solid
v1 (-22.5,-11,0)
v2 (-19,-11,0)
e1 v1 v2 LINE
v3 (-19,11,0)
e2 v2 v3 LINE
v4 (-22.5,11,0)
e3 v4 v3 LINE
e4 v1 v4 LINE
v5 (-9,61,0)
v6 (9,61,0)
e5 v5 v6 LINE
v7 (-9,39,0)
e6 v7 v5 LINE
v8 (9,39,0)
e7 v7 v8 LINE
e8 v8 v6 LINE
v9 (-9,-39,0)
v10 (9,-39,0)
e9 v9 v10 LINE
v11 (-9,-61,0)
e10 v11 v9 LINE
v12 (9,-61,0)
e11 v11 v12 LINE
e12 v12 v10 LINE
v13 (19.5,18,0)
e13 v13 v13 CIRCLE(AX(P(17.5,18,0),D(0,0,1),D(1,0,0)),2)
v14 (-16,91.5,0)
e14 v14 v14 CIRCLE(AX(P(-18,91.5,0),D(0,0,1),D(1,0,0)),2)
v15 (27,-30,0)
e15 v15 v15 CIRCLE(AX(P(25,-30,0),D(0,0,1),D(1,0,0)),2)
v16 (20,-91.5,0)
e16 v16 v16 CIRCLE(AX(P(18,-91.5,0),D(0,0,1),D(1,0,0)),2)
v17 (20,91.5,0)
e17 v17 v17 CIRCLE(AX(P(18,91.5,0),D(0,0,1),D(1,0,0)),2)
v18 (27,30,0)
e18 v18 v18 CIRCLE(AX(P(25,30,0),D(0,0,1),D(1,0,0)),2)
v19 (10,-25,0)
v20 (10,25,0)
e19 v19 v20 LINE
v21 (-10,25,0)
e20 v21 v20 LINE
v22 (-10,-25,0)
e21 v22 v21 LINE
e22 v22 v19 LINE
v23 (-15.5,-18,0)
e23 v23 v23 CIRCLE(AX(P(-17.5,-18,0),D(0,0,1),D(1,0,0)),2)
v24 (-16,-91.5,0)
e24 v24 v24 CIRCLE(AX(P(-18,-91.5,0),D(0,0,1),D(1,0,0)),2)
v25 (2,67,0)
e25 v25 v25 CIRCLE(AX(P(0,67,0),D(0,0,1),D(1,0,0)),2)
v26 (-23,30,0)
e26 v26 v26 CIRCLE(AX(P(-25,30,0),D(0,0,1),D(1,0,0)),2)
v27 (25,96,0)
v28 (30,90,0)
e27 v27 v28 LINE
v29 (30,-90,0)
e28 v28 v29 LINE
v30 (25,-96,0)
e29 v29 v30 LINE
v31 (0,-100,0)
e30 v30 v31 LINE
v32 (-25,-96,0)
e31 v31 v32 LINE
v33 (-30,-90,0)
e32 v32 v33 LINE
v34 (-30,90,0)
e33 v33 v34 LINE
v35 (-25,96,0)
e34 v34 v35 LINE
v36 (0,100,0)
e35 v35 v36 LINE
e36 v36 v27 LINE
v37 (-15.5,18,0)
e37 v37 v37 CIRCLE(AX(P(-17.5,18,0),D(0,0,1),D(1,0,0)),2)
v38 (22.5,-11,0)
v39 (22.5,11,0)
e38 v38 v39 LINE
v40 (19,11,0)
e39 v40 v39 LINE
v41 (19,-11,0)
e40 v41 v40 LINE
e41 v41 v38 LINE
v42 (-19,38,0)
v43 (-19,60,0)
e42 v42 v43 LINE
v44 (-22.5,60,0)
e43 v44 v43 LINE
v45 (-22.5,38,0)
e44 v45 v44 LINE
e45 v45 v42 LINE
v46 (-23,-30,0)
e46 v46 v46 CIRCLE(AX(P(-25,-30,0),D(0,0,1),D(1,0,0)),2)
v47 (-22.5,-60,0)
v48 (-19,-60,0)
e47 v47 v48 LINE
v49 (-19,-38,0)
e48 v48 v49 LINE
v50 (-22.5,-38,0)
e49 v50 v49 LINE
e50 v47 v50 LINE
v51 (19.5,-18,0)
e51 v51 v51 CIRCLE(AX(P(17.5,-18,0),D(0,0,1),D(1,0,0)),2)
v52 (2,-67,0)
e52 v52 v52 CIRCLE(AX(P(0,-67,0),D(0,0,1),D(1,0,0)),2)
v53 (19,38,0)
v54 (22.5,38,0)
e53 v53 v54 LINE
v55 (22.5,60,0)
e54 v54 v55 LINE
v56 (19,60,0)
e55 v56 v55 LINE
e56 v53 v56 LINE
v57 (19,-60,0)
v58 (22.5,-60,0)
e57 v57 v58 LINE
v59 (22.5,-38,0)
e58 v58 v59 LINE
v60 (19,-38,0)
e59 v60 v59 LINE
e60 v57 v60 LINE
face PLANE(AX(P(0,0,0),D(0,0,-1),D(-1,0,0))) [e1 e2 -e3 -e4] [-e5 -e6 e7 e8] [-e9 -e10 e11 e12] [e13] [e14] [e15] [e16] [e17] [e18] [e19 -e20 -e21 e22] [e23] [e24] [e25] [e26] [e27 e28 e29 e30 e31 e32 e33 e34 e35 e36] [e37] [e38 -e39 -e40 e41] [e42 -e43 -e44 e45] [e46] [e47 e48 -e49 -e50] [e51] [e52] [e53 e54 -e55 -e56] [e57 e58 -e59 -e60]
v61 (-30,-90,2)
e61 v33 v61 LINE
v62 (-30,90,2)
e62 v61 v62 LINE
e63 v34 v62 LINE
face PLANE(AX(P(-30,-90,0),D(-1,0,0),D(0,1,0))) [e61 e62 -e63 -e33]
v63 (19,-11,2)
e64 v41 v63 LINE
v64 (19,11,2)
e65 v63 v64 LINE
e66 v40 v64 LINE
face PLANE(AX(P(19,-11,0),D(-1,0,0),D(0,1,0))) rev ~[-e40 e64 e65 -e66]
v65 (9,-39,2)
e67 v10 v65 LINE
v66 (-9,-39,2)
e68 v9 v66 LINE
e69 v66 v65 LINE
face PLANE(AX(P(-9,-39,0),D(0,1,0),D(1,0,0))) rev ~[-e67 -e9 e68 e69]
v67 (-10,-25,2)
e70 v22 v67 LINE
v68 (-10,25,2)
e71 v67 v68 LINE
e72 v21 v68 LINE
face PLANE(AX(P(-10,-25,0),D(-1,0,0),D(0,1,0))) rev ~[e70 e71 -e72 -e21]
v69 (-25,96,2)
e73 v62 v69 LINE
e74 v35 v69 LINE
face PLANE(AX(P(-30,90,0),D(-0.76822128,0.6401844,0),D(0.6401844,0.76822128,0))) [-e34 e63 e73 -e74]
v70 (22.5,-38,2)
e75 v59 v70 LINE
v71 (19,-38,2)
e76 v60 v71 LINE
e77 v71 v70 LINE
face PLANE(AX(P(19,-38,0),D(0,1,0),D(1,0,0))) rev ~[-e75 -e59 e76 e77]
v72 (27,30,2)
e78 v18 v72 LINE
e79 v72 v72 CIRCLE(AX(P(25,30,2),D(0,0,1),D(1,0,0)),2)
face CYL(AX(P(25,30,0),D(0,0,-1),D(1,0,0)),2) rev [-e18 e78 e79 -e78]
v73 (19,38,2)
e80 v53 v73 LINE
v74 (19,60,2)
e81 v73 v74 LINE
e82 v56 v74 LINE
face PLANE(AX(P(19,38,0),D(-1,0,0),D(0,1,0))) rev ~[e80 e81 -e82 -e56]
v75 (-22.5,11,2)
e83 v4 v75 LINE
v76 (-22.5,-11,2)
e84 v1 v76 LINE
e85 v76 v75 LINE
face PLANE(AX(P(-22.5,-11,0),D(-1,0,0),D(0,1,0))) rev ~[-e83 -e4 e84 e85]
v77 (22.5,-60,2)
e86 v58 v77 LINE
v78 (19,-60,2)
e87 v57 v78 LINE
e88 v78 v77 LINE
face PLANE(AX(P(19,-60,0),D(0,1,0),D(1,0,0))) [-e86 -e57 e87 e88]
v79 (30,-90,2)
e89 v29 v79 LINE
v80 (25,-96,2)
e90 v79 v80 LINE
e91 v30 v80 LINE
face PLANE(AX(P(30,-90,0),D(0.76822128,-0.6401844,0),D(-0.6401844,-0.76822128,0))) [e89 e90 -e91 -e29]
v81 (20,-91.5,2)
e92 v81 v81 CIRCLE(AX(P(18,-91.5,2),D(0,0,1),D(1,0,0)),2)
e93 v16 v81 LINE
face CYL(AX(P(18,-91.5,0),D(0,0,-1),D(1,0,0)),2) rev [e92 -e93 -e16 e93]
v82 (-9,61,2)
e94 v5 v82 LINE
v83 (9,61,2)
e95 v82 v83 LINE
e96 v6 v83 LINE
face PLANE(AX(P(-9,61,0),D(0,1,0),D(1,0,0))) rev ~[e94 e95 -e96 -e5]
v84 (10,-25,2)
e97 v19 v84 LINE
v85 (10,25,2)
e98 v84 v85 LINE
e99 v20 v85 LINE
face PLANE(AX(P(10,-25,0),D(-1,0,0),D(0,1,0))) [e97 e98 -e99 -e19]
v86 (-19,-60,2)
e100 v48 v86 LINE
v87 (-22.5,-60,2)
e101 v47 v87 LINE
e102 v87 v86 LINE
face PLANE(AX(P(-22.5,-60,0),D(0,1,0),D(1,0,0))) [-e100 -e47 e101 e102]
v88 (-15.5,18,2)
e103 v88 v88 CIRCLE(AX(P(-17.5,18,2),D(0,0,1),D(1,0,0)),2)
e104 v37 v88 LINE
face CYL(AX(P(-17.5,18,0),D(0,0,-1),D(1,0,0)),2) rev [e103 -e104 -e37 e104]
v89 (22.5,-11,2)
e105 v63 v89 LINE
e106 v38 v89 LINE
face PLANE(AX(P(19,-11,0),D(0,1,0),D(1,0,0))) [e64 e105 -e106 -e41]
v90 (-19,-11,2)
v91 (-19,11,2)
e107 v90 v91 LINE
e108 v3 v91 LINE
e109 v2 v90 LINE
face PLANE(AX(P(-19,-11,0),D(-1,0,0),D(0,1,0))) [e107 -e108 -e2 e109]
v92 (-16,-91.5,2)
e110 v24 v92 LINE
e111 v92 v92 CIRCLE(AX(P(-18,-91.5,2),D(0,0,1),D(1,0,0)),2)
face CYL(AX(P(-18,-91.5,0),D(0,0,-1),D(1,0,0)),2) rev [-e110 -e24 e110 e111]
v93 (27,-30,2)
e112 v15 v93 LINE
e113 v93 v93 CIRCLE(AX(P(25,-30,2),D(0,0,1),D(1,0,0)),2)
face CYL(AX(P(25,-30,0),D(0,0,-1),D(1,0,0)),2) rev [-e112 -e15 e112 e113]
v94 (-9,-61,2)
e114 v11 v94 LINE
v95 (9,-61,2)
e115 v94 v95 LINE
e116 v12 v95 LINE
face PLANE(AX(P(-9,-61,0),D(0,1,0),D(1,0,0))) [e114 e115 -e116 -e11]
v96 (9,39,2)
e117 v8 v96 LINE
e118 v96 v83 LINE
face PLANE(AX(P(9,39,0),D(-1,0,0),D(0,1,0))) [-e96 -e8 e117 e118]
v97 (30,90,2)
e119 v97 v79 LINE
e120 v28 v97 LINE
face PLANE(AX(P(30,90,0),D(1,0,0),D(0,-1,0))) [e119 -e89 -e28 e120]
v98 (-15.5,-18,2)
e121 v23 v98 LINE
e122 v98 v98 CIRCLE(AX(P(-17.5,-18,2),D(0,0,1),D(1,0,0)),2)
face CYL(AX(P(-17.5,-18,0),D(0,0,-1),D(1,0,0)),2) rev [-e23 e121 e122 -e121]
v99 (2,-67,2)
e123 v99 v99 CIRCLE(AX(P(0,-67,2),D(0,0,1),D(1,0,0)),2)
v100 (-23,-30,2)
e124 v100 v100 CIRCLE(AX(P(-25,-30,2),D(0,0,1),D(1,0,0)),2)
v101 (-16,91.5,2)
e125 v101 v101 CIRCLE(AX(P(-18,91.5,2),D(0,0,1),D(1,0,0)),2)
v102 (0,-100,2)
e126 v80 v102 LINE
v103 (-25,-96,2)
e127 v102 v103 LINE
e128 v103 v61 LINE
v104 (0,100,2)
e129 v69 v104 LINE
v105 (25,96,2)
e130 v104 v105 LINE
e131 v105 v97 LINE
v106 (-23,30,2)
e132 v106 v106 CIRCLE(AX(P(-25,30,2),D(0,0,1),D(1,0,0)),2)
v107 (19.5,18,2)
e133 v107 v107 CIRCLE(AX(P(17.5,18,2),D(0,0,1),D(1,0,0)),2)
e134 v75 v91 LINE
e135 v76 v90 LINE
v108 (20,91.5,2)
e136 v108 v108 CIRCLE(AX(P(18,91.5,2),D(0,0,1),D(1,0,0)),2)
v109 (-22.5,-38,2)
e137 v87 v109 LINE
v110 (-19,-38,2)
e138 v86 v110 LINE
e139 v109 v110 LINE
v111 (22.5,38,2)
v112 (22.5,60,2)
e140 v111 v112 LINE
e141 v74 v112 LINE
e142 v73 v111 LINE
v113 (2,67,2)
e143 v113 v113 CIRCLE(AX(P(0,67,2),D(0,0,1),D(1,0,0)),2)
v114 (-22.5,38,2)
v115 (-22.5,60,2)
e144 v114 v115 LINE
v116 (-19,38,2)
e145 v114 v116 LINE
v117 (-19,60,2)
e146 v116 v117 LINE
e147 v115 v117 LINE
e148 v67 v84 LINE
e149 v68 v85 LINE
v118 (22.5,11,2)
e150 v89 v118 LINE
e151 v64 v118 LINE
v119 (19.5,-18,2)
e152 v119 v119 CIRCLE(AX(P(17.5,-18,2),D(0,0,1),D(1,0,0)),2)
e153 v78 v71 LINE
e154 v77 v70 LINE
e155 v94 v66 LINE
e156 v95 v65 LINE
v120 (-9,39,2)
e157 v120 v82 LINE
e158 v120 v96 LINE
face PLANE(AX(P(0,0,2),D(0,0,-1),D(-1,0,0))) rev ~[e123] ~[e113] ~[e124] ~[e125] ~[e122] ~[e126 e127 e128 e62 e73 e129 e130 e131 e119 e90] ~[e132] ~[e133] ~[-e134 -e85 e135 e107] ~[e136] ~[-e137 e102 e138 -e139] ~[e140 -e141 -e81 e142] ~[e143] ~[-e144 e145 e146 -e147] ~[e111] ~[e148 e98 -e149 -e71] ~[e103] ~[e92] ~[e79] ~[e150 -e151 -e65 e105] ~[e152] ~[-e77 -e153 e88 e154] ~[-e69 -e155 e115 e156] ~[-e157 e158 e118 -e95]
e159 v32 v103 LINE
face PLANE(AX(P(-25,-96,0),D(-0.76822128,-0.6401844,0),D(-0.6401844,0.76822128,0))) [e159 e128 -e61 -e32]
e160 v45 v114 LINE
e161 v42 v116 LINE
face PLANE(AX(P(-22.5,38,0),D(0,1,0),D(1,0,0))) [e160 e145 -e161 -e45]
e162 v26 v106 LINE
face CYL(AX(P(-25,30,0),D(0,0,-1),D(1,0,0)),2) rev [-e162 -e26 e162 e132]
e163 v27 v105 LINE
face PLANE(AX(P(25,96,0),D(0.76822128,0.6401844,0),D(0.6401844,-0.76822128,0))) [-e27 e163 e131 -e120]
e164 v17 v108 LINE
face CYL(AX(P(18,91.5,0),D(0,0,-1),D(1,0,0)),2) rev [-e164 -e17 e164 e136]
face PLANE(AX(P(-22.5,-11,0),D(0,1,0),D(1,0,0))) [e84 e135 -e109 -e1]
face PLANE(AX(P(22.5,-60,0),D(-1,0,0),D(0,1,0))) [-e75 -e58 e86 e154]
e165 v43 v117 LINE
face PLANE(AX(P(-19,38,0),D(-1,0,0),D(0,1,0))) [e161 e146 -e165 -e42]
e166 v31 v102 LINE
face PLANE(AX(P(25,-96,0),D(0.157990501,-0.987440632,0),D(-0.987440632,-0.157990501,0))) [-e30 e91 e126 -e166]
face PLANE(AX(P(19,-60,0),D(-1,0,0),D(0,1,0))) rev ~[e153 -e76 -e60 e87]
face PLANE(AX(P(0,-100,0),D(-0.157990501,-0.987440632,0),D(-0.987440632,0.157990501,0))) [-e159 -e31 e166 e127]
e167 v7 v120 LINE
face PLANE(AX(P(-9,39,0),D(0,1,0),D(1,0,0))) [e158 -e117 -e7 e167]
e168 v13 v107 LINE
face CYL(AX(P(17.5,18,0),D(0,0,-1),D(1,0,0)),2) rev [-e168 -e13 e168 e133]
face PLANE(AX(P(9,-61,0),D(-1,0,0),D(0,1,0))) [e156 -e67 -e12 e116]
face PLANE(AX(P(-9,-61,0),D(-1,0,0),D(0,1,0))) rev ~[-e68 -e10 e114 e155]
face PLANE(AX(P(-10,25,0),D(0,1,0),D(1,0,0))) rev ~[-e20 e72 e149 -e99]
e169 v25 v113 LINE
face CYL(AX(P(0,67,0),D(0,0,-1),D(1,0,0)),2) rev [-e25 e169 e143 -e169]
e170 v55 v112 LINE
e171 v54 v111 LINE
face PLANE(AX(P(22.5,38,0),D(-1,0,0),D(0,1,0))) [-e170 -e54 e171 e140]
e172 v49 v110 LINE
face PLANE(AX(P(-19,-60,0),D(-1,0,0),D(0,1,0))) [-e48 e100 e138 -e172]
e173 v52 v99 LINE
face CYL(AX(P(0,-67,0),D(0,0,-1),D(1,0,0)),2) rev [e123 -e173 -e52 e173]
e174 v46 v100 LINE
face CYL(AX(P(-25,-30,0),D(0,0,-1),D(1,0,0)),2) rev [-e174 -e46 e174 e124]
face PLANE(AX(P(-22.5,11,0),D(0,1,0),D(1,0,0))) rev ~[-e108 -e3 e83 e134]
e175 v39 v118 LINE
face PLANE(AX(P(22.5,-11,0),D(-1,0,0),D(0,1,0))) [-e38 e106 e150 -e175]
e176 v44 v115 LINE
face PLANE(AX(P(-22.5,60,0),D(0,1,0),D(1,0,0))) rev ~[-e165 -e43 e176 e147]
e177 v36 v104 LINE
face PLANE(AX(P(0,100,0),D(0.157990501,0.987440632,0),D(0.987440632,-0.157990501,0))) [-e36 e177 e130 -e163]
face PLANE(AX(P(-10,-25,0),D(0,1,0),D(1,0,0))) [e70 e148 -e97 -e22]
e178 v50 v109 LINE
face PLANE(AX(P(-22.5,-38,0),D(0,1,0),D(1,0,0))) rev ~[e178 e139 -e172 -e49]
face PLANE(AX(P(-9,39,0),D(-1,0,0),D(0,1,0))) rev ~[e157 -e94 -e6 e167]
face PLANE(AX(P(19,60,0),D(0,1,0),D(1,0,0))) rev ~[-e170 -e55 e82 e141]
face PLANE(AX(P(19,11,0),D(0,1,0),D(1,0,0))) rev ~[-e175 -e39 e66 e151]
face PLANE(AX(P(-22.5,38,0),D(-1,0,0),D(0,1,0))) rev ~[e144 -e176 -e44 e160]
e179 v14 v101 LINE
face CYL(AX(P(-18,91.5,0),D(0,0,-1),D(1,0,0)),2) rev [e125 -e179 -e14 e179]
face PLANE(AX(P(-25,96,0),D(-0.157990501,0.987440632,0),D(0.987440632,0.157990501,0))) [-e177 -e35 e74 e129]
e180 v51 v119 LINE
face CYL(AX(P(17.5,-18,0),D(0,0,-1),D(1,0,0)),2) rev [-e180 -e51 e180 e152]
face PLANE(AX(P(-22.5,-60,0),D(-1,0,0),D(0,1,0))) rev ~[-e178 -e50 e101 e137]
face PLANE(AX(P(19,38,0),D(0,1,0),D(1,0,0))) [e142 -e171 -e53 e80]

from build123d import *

# Parameters (mm, degrees)
SKETCH1_R           = 2
SKETCH1_W           = 20
SKETCH1_H           = 50
SKETCH1_W_2         = 3.5
SKETCH1_H_2         = 22
SKETCH1_W_3         = 18
BOSS_EXTRUDE1_DEPTH = 2


with BuildPart() as part:
    # Sketch1 → Boss-Extrude1 (new body)
    with BuildSketch(Plane.XY):
        Polygon((0, -100), (-25, -96), (-30, -90), (-30, 90), (-25, 96), (0, 100), (25, 96), (30, 90), (30, -90), (25, -96), align=None)
        with Locations((-18, -91.5)):
            Circle(SKETCH1_R, mode=Mode.SUBTRACT)
        with Locations((-25, -30)):
            Circle(SKETCH1_R, mode=Mode.SUBTRACT)
        with Locations((-17.5, -18)):
            Circle(SKETCH1_R, mode=Mode.SUBTRACT)
        with Locations((0, -67)):
            Circle(SKETCH1_R, mode=Mode.SUBTRACT)
        with Locations((17.5, -18)):
            Circle(SKETCH1_R, mode=Mode.SUBTRACT)
        with Locations((25, -30)):
            Circle(SKETCH1_R, mode=Mode.SUBTRACT)
        with Locations((18, -91.5)):
            Circle(SKETCH1_R, mode=Mode.SUBTRACT)
        with Locations((18, 91.5)):
            Circle(SKETCH1_R, mode=Mode.SUBTRACT)
        with Locations((25, 30)):
            Circle(SKETCH1_R, mode=Mode.SUBTRACT)
        with Locations((17.5, 18)):
            Circle(SKETCH1_R, mode=Mode.SUBTRACT)
        with Locations((0, 67)):
            Circle(SKETCH1_R, mode=Mode.SUBTRACT)
        with Locations((-17.5, 18)):
            Circle(SKETCH1_R, mode=Mode.SUBTRACT)
        with Locations((-25, 30)):
            Circle(SKETCH1_R, mode=Mode.SUBTRACT)
        with Locations((-18, 91.5)):
            Circle(SKETCH1_R, mode=Mode.SUBTRACT)
        Rectangle(SKETCH1_W, SKETCH1_H, mode=Mode.SUBTRACT)
        with Locations((-20.75, -49)):
            Rectangle(SKETCH1_W_2, SKETCH1_H_2, mode=Mode.SUBTRACT)
        with Locations((0, -50)):
            Rectangle(SKETCH1_W_3, SKETCH1_H_2, mode=Mode.SUBTRACT)
        with Locations((-20.75, 0)):
            Rectangle(SKETCH1_W_2, SKETCH1_H_2, mode=Mode.SUBTRACT)
        with Locations((20.75, 0)):
            Rectangle(SKETCH1_W_2, SKETCH1_H_2, mode=Mode.SUBTRACT)
        with Locations((20.75, -49)):
            Rectangle(SKETCH1_W_2, SKETCH1_H_2, mode=Mode.SUBTRACT)
        with Locations((20.75, 49)):
            Rectangle(SKETCH1_W_2, SKETCH1_H_2, mode=Mode.SUBTRACT)
        with Locations((0, 50)):
            Rectangle(SKETCH1_W_3, SKETCH1_H_2, mode=Mode.SUBTRACT)
        with Locations((-20.75, 49)):
            Rectangle(SKETCH1_W_2, SKETCH1_H_2, mode=Mode.SUBTRACT)
    extrude(amount=BOSS_EXTRUDE1_DEPTH)


solid = part.part
